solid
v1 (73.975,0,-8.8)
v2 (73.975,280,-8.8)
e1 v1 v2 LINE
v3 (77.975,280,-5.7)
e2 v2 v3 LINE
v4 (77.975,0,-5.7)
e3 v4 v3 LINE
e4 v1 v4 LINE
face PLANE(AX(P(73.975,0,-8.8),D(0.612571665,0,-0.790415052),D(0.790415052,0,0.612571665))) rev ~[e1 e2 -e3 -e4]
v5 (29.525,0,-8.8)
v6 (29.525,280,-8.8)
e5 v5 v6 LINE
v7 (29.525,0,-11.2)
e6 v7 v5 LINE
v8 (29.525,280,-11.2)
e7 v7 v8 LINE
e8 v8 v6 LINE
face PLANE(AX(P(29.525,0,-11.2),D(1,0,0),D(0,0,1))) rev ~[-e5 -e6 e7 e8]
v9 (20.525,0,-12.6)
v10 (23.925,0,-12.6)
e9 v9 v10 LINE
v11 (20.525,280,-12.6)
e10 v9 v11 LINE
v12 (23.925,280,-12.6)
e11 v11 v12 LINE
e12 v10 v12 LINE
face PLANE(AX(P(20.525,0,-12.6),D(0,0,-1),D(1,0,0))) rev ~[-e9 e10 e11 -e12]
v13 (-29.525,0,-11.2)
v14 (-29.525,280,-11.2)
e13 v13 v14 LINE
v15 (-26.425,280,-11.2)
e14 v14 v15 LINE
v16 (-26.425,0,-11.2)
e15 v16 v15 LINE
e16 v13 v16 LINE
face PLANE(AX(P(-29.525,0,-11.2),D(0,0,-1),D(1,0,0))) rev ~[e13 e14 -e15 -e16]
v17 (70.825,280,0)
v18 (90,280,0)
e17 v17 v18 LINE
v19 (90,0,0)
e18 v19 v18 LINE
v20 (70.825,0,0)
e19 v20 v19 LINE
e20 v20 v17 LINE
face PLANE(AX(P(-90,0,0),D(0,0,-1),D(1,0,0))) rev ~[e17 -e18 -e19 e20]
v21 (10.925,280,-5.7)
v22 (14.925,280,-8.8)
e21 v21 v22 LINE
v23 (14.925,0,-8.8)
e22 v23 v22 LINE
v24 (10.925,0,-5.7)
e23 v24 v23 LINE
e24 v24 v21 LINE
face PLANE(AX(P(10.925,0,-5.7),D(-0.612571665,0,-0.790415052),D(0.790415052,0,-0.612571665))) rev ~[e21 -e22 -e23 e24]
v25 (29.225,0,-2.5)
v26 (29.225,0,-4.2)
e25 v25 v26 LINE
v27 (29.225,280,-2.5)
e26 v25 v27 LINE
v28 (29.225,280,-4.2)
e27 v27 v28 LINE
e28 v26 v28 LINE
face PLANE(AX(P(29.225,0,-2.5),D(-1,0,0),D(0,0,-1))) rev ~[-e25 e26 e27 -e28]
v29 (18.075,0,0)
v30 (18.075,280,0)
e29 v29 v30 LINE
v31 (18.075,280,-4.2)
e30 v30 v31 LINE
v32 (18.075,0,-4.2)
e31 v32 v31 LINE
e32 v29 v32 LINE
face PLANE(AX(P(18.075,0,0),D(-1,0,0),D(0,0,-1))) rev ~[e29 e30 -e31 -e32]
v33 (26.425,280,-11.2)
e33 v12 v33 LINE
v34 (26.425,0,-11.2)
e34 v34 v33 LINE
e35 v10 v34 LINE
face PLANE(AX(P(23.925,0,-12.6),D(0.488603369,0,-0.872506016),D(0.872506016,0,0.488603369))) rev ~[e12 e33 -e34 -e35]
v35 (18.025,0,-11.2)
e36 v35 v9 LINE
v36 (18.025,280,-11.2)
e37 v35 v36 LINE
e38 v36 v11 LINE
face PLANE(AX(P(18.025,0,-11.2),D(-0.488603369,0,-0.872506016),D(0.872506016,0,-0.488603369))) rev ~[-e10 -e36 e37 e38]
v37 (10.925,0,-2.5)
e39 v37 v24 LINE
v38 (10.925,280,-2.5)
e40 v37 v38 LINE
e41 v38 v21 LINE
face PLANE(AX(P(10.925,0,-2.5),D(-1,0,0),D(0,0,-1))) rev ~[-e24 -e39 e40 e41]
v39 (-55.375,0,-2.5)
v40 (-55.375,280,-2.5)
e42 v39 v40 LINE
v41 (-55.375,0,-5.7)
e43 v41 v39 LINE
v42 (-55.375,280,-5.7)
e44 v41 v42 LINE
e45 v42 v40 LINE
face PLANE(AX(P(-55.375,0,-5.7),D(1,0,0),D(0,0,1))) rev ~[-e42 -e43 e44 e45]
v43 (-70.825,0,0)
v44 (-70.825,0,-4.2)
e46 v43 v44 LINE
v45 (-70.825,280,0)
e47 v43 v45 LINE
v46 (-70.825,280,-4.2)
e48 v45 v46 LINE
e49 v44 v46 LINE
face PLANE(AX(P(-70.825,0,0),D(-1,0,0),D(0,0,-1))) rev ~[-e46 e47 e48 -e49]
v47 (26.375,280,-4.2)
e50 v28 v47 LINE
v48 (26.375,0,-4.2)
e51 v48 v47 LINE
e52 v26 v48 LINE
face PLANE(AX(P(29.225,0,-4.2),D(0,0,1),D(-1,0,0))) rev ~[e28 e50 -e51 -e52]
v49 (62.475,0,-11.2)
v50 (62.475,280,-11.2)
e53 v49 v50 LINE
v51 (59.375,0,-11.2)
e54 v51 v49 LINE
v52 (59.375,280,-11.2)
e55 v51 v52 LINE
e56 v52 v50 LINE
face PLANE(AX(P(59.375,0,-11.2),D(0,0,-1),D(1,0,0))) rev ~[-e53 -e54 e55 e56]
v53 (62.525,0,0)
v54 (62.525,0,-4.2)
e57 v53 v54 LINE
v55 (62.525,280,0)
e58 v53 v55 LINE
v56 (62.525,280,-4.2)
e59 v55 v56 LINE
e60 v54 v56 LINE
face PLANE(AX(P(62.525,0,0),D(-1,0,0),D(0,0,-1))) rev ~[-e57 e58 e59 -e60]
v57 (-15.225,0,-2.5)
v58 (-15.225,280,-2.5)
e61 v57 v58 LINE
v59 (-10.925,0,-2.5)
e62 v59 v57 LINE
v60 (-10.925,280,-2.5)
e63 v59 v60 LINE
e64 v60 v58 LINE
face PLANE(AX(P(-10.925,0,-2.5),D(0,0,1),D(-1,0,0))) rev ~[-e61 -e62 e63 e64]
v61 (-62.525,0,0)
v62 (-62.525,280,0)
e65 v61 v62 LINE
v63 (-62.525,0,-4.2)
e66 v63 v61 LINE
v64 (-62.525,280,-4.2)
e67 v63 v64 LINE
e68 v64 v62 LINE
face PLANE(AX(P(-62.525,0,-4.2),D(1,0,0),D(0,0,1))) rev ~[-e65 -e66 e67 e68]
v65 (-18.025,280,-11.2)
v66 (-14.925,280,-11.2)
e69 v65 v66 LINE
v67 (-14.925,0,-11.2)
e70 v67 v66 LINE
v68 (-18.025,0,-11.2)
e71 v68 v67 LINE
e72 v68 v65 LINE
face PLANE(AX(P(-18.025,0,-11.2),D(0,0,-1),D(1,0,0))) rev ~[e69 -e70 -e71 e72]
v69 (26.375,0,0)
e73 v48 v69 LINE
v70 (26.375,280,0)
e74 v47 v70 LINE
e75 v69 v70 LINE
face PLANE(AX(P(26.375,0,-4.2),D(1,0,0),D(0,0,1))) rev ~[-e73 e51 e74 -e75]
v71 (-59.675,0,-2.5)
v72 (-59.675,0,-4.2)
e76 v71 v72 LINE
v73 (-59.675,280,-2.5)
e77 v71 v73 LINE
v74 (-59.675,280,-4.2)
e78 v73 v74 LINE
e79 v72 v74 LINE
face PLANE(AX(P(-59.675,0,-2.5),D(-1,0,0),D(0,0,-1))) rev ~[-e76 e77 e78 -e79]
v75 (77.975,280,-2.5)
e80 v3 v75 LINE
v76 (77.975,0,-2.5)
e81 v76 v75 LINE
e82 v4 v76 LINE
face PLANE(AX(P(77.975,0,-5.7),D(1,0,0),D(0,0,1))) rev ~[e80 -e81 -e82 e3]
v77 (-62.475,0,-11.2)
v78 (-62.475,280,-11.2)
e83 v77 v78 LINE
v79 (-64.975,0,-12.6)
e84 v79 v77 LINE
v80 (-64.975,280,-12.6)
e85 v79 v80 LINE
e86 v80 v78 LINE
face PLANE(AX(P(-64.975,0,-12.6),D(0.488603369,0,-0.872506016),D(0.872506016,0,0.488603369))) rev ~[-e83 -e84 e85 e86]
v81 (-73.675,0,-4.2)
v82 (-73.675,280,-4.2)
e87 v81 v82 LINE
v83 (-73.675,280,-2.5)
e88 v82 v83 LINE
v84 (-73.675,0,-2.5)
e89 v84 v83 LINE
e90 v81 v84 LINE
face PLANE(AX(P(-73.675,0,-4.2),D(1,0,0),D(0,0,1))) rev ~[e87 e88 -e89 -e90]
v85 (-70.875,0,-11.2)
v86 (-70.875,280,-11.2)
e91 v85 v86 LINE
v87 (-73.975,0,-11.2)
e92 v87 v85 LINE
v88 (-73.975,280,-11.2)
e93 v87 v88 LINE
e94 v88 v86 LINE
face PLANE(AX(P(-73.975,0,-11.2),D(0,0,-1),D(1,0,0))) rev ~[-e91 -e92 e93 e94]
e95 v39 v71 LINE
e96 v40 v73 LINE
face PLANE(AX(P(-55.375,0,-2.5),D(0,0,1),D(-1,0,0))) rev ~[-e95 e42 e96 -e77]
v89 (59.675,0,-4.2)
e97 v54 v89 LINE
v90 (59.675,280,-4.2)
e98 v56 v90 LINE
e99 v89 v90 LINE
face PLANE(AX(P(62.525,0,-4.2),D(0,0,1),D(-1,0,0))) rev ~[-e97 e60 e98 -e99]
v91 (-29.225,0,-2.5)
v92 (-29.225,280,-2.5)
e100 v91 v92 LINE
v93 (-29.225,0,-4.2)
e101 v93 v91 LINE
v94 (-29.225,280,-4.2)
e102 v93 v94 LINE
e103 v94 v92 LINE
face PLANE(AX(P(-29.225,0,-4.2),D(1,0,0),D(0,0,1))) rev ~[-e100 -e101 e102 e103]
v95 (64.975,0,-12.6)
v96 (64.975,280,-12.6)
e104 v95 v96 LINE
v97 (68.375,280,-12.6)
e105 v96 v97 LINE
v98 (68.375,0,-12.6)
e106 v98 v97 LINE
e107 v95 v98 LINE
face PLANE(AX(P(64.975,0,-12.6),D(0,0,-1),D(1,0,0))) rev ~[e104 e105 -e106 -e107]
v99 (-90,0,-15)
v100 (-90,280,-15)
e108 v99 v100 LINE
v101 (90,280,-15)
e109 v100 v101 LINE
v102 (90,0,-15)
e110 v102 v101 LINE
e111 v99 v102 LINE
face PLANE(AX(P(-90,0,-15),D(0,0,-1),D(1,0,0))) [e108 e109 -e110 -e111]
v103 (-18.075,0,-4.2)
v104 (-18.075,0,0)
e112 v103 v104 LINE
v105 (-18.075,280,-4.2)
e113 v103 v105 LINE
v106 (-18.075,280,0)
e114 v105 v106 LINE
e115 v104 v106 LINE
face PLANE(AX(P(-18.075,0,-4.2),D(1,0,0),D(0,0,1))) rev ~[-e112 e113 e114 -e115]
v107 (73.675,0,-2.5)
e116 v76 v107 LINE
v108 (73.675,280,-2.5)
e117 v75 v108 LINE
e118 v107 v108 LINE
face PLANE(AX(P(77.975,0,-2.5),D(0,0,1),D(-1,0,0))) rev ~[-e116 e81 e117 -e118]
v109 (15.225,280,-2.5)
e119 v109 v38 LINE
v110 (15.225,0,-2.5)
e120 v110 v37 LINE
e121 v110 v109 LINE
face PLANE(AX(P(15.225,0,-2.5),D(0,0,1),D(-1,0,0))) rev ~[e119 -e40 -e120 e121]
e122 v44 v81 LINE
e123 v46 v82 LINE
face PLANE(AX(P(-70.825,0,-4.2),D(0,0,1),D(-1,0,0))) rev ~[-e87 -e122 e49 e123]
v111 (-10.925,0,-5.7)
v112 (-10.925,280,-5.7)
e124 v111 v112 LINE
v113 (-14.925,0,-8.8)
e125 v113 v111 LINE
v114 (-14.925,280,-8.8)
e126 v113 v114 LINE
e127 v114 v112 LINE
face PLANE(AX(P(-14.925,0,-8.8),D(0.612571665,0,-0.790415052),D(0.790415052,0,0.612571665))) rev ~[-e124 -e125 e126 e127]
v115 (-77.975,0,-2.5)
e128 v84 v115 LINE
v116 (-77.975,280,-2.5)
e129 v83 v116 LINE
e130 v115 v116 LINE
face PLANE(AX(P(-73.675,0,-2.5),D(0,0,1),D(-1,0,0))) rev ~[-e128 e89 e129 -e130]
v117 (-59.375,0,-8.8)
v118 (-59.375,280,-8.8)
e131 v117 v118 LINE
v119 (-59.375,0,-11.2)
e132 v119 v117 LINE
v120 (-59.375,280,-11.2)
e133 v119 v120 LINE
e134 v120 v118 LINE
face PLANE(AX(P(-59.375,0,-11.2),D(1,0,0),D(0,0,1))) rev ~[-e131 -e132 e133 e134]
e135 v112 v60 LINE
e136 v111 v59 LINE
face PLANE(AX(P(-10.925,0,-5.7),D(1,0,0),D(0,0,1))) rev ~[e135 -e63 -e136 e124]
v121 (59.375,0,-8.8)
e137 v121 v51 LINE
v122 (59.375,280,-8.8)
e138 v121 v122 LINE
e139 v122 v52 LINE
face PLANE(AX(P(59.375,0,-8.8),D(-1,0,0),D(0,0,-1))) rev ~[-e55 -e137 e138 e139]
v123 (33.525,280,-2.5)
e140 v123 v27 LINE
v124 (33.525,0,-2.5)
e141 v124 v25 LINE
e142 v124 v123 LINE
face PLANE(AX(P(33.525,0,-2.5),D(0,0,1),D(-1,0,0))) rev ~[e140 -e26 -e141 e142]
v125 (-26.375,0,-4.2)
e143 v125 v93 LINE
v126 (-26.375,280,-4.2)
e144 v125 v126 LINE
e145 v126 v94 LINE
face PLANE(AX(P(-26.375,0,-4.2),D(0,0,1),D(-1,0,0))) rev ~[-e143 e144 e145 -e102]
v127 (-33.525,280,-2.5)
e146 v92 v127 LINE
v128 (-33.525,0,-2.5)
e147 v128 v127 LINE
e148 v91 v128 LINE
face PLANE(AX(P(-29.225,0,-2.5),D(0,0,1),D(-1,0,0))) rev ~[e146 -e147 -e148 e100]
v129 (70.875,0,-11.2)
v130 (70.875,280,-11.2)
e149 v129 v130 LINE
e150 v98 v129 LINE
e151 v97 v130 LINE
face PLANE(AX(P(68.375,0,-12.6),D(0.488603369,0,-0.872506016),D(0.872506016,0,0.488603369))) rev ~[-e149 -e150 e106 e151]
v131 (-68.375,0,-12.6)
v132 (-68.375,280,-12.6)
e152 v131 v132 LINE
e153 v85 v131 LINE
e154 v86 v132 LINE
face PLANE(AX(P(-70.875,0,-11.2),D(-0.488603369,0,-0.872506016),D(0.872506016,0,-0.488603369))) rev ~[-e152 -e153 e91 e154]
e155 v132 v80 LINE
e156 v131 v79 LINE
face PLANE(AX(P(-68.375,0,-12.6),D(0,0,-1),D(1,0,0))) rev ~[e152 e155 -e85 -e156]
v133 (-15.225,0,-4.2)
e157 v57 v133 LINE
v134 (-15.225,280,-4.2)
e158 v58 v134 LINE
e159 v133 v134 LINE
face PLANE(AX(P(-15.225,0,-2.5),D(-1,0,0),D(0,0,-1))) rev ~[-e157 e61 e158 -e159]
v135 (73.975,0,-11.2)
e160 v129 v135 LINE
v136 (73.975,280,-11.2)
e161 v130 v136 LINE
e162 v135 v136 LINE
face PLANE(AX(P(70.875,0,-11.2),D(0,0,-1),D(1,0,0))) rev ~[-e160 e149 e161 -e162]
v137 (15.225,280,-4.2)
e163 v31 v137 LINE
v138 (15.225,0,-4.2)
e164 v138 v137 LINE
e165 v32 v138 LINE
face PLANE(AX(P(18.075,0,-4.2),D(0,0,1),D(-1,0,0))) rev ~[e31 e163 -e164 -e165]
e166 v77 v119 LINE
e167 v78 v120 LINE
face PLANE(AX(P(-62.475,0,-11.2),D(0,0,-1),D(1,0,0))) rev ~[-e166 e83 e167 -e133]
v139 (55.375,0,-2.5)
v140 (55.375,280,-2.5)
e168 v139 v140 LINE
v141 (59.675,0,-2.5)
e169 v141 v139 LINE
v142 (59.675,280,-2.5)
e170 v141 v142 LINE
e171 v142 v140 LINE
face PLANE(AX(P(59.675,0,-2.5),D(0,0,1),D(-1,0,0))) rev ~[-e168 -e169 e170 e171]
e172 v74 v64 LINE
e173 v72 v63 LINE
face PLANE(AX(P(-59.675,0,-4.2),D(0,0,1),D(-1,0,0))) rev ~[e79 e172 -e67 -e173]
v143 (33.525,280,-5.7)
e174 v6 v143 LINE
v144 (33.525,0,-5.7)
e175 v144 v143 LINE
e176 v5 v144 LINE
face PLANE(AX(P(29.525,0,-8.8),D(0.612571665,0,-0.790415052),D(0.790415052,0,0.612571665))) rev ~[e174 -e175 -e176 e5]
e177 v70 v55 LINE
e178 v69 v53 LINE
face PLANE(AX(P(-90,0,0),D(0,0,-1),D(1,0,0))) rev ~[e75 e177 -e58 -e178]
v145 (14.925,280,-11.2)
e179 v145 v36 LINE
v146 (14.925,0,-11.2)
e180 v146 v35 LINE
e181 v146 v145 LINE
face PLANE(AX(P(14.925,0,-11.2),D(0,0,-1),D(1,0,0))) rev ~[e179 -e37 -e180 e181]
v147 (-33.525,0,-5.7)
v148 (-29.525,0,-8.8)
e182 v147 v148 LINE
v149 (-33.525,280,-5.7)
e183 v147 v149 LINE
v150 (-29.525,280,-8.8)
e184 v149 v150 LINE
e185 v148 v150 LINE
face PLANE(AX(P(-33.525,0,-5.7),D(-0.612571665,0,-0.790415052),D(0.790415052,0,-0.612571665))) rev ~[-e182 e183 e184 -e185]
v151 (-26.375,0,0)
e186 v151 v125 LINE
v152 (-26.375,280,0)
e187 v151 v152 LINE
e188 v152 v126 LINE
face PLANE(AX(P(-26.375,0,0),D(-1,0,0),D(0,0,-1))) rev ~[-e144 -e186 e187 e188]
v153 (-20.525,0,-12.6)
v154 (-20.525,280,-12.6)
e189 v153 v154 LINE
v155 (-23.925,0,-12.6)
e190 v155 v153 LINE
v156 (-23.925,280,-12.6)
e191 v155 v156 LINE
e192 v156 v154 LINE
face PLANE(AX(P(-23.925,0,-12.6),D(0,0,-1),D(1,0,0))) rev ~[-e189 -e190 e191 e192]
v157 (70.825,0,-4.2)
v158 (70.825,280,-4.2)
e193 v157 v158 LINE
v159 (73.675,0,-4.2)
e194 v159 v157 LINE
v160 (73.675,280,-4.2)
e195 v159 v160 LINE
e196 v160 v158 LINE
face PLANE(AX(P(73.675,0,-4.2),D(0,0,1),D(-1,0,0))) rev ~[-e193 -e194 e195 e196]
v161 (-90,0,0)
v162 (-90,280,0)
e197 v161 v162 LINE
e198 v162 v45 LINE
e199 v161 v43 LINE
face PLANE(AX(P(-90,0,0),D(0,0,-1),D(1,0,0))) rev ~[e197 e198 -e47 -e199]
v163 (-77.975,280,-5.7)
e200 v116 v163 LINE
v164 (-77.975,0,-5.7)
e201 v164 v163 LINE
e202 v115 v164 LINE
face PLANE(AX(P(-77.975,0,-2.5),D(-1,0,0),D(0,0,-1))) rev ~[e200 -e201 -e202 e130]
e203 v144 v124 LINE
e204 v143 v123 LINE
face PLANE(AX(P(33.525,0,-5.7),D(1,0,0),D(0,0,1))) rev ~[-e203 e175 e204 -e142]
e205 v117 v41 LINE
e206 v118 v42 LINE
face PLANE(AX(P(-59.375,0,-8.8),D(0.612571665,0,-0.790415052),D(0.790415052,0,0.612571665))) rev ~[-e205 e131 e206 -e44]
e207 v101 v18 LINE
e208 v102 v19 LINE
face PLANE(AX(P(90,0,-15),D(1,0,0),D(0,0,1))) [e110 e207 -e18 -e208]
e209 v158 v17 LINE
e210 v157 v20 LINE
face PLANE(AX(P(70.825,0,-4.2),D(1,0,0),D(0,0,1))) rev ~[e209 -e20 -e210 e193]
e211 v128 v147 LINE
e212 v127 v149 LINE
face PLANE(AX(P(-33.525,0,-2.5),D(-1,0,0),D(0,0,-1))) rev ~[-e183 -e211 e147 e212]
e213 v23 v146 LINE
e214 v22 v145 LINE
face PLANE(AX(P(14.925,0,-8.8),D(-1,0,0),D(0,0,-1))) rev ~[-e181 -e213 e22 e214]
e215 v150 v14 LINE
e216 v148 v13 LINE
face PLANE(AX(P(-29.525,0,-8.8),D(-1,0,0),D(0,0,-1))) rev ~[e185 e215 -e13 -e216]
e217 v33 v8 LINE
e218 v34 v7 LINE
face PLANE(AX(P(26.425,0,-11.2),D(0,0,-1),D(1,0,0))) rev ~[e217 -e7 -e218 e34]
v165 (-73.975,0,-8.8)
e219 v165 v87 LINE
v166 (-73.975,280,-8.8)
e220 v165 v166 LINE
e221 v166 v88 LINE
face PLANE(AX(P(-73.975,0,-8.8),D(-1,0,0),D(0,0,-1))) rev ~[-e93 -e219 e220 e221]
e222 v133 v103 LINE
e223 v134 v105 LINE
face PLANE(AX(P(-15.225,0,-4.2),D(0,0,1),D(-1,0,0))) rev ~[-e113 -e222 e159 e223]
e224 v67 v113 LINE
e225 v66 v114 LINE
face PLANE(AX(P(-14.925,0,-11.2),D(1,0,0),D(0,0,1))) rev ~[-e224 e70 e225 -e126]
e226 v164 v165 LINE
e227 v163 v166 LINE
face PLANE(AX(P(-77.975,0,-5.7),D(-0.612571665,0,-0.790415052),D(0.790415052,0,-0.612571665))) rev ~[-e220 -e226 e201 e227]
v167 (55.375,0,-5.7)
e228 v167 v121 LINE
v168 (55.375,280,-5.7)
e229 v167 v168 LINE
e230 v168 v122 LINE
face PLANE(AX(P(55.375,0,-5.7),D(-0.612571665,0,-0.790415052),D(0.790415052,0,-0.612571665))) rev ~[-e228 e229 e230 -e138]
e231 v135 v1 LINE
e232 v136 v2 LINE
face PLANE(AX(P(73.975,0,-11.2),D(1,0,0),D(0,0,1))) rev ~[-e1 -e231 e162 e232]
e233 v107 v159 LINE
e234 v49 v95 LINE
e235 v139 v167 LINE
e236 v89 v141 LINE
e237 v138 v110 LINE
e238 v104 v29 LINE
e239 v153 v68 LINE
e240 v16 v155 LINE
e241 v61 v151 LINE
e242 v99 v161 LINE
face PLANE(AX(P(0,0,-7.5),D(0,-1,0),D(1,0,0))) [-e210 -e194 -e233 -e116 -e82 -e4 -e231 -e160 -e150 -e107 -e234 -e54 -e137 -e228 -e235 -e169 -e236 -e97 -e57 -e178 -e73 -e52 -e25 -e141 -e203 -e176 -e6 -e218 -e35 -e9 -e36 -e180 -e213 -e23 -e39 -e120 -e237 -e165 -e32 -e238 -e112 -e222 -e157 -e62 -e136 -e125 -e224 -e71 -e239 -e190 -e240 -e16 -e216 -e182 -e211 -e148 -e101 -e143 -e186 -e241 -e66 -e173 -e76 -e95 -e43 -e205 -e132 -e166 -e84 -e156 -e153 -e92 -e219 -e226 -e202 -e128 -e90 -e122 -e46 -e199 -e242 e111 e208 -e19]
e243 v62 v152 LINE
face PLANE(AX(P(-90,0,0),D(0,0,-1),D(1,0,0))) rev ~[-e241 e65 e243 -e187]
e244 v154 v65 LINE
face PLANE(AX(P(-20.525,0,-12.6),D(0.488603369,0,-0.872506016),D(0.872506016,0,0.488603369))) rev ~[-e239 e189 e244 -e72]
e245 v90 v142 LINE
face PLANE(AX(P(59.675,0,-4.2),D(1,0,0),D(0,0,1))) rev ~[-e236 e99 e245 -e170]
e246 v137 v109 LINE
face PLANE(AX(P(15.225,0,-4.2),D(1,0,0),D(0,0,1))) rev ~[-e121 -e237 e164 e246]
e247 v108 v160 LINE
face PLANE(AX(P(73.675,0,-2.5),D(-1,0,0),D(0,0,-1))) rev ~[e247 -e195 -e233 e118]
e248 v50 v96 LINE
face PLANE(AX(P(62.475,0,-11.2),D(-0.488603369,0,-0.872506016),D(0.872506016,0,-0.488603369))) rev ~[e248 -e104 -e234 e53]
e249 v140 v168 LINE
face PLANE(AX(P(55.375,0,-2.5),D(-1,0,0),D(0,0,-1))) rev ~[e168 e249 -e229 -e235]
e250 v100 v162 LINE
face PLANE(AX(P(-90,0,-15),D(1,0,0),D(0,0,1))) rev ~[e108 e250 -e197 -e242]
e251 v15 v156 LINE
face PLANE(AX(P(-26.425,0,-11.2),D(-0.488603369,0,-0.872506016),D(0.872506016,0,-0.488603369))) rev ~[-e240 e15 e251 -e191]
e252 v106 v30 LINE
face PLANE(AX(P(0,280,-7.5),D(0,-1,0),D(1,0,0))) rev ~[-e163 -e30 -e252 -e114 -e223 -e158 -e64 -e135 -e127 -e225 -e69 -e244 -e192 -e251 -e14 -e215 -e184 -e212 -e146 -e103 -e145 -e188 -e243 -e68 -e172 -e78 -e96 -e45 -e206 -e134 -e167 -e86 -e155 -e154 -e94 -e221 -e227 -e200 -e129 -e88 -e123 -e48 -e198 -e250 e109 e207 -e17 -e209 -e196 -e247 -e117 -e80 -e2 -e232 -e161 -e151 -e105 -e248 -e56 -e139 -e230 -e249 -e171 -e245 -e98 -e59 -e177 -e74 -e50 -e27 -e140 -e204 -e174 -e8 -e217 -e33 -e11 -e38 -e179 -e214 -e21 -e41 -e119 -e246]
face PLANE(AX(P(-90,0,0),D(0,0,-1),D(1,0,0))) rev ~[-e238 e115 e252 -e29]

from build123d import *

# Parameters (mm, degrees)
SKETCH001_W         = 180
SKETCH001_H         = 15
PAD_DEPTH           = 280
POCKET_DEPTH        = 280.001
LINEARPATTERN_COUNT = 4
LINEARPATTERN_PITCH = 44.45


with BuildPart() as part:
    # Sketch001 → Pad (new body)
    with BuildSketch(Plane.XZ):
        with Locations((0, -7.5)):
            Rectangle(SKETCH001_W, SKETCH001_H)
    extrude(amount=-PAD_DEPTH)

    # Sketch → Pocket (cut, through all)
    with BuildSketch(Plane.XZ):
        Polygon((-70.825, 0), (-70.825, -4.2), (-73.675, -4.2), (-73.675, -2.5), (-77.975, -2.5), (-77.975, -5.7), (-73.975, -8.8), (-73.975, -11.2), (-70.875, -11.2), (-68.375, -12.6), (-64.975, -12.6), (-62.475, -11.2), (-59.375, -11.2), (-59.375, -8.8), (-55.375, -5.7), (-55.375, -2.5), (-59.675, -2.5), (-59.675, -4.2), (-62.525, -4.2), (-62.525, 0), align=None)
    pocket = extrude(amount=-POCKET_DEPTH, mode=Mode.SUBTRACT)

    # LinearPattern: Pocket ×4
    with Locations(*[(i * LINEARPATTERN_PITCH, 0, 0) for i in range(1, LINEARPATTERN_COUNT)]):
        add(pocket, mode=Mode.SUBTRACT)


solid = part.part
